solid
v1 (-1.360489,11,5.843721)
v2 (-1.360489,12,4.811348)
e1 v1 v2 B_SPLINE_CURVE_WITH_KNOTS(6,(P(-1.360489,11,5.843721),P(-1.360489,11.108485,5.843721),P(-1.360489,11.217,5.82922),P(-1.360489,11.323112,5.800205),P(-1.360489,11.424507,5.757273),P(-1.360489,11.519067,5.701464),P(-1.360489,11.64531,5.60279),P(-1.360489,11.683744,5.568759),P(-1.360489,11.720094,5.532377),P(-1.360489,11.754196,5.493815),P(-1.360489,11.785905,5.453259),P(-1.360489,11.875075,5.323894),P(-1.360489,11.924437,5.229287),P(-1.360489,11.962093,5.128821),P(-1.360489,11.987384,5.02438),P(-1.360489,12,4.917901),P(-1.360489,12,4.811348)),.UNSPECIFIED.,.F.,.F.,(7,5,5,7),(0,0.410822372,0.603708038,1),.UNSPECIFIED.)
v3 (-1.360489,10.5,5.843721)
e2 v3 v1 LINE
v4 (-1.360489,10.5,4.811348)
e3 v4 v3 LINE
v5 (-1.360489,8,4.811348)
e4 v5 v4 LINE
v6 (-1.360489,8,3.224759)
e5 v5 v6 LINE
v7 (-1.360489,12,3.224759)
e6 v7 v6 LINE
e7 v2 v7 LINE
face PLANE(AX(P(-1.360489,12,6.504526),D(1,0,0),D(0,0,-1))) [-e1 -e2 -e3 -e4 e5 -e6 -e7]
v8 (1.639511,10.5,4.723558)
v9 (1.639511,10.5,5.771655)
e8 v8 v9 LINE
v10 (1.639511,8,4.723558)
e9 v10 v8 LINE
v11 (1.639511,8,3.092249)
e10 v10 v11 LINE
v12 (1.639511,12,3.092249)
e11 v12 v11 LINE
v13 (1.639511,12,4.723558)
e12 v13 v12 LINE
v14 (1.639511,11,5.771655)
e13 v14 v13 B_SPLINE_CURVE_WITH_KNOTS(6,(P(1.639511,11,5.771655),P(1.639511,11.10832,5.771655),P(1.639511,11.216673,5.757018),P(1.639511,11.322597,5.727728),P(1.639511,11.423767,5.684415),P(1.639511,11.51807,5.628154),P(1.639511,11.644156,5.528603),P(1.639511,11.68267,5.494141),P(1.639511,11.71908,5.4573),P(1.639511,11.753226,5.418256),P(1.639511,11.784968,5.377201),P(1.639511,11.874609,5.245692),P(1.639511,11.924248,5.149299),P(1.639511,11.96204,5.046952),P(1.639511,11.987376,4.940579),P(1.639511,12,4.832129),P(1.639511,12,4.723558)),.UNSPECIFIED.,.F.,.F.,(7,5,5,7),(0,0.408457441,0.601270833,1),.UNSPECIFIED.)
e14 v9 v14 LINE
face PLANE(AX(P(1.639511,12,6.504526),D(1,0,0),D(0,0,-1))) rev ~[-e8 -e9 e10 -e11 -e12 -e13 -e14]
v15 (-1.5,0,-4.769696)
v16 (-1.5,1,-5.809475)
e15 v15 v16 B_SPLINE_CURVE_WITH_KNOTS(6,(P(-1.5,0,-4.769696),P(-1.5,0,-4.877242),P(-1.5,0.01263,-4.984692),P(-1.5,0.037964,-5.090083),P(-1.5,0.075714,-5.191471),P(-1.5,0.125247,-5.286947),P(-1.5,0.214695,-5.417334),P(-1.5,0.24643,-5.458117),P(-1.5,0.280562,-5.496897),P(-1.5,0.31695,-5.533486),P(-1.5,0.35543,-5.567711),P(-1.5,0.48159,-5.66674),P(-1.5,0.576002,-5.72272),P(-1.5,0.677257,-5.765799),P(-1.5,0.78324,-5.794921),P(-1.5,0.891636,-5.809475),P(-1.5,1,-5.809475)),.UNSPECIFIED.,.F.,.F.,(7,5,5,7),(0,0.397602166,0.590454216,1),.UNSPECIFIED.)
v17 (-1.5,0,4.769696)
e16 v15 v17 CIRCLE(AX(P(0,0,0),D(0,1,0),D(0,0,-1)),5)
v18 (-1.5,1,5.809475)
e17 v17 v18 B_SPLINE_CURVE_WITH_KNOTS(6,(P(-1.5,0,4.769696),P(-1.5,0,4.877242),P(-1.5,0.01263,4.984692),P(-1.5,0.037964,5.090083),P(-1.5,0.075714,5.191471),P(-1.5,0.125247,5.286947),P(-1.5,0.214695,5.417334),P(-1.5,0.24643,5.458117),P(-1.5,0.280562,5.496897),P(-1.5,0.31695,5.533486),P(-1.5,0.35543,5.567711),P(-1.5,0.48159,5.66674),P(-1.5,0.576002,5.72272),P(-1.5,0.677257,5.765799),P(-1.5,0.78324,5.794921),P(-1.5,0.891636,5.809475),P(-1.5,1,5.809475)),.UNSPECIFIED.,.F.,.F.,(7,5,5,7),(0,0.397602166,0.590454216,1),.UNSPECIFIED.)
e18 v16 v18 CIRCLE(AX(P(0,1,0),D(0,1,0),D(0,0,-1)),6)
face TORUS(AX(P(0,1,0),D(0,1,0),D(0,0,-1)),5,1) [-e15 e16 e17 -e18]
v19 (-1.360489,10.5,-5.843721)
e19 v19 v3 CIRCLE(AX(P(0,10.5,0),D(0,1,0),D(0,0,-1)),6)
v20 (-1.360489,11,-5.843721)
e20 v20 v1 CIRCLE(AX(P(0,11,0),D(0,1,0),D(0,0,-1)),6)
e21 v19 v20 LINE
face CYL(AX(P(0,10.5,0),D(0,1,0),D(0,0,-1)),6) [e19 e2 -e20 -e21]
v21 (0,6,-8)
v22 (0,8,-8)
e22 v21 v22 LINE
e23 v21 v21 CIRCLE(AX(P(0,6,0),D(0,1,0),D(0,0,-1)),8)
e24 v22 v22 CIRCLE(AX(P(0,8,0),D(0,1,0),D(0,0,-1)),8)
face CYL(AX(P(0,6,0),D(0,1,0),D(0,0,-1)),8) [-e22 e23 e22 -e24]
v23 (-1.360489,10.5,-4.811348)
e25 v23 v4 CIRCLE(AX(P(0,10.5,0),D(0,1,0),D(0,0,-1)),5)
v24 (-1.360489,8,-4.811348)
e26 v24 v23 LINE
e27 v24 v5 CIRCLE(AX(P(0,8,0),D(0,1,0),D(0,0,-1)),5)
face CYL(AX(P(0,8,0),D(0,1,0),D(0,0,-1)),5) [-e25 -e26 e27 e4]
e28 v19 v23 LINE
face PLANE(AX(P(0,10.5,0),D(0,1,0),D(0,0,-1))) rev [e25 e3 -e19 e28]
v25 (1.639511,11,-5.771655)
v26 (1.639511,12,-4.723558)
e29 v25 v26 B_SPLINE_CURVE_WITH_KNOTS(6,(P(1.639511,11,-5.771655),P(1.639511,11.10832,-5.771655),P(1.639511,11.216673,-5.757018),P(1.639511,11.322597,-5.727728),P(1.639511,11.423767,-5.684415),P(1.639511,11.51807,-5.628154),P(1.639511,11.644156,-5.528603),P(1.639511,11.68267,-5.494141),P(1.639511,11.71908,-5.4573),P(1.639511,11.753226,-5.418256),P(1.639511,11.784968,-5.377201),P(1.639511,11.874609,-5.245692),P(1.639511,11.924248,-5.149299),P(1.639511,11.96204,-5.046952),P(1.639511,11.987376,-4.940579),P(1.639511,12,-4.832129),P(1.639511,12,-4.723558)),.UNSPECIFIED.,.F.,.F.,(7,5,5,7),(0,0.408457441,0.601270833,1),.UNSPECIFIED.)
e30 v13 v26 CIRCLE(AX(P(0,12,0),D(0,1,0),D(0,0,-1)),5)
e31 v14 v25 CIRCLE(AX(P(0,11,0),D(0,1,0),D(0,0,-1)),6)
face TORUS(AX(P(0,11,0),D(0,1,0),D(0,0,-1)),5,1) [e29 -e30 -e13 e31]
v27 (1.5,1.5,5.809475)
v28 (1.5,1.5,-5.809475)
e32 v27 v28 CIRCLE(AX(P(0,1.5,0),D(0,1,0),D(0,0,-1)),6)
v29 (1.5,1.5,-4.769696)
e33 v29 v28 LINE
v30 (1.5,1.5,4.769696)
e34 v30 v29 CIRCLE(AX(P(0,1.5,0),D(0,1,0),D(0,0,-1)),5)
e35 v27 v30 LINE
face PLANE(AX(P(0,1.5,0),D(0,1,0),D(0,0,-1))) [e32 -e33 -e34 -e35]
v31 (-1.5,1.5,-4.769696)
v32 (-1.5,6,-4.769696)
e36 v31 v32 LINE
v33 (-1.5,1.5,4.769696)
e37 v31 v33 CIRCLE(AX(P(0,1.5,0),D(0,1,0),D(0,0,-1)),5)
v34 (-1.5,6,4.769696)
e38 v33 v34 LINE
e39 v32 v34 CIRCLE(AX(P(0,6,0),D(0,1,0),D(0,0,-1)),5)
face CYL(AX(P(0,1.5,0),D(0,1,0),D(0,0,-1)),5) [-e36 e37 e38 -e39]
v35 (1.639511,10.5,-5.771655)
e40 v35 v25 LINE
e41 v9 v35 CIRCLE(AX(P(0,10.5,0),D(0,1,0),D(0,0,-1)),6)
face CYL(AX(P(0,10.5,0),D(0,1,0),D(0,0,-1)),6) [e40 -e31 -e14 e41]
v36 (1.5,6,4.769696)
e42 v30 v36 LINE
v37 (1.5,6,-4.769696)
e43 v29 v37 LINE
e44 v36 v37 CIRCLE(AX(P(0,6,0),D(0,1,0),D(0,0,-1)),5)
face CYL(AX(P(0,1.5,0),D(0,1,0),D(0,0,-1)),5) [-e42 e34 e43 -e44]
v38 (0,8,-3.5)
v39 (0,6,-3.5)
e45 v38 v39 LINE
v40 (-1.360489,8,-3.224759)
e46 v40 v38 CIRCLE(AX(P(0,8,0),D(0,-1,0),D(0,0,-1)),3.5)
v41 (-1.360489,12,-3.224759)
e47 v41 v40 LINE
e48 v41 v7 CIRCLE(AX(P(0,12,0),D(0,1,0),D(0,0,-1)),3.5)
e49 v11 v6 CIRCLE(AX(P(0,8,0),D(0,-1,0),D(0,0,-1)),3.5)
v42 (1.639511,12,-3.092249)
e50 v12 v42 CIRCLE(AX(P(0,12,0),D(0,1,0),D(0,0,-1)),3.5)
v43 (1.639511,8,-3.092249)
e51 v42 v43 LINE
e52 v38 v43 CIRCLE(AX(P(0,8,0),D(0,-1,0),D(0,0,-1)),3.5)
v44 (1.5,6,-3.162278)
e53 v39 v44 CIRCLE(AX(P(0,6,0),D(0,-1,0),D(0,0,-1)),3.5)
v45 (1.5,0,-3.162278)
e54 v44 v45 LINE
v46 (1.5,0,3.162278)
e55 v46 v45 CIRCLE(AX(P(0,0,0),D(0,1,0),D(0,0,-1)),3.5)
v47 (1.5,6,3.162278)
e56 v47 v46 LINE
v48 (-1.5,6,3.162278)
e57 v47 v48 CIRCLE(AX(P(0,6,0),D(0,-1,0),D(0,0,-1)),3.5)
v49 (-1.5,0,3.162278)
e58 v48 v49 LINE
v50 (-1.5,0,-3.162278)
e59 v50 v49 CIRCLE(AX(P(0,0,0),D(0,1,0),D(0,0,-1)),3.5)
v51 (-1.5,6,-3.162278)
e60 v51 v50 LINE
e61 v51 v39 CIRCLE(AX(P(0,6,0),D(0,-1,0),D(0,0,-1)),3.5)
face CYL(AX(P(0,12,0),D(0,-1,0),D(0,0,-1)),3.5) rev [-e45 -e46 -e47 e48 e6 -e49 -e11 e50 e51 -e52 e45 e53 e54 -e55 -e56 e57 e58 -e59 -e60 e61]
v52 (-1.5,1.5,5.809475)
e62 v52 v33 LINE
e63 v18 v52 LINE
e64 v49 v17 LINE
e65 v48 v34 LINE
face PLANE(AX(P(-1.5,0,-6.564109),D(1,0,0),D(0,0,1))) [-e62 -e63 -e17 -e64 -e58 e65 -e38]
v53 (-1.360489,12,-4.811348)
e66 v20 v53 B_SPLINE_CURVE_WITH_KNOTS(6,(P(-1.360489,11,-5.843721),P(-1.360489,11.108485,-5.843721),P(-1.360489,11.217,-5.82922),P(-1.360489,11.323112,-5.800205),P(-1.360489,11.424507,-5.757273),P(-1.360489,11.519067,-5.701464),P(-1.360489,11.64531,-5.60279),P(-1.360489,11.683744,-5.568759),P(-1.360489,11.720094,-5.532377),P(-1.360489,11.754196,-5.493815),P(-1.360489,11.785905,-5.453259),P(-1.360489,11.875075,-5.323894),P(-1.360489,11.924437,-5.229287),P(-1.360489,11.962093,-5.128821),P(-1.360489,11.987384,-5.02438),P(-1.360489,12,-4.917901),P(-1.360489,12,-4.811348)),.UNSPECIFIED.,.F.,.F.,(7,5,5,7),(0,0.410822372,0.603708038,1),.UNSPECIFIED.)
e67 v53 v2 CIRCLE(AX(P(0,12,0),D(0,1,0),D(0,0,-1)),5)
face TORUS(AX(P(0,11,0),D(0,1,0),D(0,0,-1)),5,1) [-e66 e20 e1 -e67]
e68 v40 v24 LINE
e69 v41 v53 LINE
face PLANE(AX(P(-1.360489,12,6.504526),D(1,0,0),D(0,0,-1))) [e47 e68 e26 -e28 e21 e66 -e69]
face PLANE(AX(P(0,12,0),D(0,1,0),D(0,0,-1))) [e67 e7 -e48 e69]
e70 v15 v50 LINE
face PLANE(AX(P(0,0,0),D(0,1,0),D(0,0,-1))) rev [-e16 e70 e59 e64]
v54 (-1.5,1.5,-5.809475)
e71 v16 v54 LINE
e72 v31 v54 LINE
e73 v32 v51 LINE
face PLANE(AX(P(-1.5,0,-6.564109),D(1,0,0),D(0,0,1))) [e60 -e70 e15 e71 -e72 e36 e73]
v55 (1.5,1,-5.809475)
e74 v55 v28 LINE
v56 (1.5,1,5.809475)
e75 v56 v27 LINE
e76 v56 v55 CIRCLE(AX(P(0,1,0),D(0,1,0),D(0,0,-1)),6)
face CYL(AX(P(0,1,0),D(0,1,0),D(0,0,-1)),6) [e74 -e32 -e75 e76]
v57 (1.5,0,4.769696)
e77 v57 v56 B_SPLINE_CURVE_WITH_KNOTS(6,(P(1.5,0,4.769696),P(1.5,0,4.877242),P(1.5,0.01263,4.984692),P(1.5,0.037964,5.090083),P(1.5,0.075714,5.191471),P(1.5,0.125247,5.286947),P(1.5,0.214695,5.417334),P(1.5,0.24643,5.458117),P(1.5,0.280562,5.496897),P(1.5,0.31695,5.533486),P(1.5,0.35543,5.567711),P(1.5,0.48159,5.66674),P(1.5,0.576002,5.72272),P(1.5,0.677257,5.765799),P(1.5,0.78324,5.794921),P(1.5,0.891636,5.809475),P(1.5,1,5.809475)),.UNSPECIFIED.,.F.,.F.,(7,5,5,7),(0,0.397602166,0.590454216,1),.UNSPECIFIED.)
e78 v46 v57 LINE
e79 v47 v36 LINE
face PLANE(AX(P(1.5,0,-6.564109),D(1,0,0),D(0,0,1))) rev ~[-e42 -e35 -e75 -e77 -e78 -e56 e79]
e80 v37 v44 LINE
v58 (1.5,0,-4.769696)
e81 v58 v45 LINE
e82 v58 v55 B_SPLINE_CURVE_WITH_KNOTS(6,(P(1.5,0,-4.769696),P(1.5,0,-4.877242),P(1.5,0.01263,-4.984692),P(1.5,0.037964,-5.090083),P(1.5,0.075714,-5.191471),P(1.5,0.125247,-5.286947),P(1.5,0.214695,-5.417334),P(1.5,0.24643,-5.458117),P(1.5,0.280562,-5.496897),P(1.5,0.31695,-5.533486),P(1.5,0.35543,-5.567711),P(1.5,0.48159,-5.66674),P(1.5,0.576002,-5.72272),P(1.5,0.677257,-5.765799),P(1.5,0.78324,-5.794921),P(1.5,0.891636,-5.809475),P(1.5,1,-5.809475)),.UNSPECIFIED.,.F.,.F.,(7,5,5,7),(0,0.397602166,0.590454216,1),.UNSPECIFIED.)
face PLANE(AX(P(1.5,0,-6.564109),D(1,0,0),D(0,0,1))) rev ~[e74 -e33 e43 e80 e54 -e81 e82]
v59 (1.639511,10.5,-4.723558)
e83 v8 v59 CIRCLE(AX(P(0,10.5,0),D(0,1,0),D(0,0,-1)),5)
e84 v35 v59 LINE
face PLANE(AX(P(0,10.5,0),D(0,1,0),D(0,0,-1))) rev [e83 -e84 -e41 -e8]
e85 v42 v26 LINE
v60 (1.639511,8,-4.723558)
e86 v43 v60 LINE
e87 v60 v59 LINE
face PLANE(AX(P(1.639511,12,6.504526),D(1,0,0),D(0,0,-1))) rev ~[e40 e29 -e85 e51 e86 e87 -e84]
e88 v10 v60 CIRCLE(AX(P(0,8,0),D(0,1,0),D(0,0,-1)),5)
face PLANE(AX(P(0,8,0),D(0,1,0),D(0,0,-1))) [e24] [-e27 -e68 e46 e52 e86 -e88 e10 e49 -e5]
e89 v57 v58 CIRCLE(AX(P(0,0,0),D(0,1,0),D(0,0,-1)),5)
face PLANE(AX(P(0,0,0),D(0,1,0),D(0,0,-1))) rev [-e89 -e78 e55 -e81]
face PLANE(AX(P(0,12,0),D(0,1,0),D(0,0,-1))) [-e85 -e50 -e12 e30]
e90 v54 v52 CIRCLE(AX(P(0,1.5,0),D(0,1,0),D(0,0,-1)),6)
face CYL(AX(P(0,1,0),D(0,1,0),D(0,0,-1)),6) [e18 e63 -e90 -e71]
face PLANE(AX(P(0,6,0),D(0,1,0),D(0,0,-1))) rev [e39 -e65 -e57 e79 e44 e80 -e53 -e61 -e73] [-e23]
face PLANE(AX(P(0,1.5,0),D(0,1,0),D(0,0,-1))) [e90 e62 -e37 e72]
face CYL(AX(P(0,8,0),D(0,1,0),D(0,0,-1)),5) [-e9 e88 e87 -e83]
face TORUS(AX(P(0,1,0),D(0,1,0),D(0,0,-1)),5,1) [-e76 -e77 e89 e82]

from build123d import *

# Parameters (mm, degrees)
ESQUISSE2_W             = 3
ESQUISSE2_H             = 13.00905209
ENL_V_MAT_EXTRU_1_DEPTH = 4
ESQUISSE3_W             = 3
ESQUISSE3_H             = 13.12821898
ENL_V_MAT_EXTRU_2_DEPTH = 6


with BuildPart() as part:
    # Esquisse1 → Révolution2 (revolve)
    with BuildSketch(Plane.XY, mode=Mode.PRIVATE) as r_volution2_sk:
        with BuildLine():
            Line((-5, 1.5), (-5, 6))
            Line((-5, 6), (-8, 6))
            Line((-8, 6), (-8, 8))
            Line((-8, 8), (-5, 8))
            Line((-5, 8), (-5, 10.5))
            Line((-5, 10.5), (-6, 10.5))
            Line((-6, 10.5), (-6, 11))
            ThreePointArc((-6, 11), (-5.707106781, 11.707106781), (-5, 12))
            Line((-5, 12), (-3.5, 12))
            Line((-3.5, 12), (-3.5, 0))
            Line((-3.5, 0), (-5, 0))
            ThreePointArc((-5, 0), (-5.707106781, 0.292893219), (-6, 1))
            Line((-6, 1), (-6, 1.5))
            Line((-6, 1.5), (-5, 1.5))
        make_face()
    revolve(r_volution2_sk.sketch.rotate(Axis((0, 12, 0), (0, 1, 0)), 270), axis=Axis((0, 12, 0), (0, 1, 0)))

    # Esquisse2 → Enlèv. mat.-Extru.1 (cut)
    with BuildSketch(Plane(origin=(0, 12, 0), x_dir=(1, 0, 0), z_dir=(0, 1, 0))):
        with Locations((0.139511346, 0)):
            Rectangle(ESQUISSE2_W, ESQUISSE2_H)
    extrude(amount=-ENL_V_MAT_EXTRU_1_DEPTH, mode=Mode.SUBTRACT)

    # Esquisse3 → Enlèv. mat.-Extru.2 (cut)
    with BuildSketch(Plane.XZ):
        Rectangle(ESQUISSE3_W, ESQUISSE3_H)
    extrude(amount=-ENL_V_MAT_EXTRU_2_DEPTH, mode=Mode.SUBTRACT)


solid = part.part
